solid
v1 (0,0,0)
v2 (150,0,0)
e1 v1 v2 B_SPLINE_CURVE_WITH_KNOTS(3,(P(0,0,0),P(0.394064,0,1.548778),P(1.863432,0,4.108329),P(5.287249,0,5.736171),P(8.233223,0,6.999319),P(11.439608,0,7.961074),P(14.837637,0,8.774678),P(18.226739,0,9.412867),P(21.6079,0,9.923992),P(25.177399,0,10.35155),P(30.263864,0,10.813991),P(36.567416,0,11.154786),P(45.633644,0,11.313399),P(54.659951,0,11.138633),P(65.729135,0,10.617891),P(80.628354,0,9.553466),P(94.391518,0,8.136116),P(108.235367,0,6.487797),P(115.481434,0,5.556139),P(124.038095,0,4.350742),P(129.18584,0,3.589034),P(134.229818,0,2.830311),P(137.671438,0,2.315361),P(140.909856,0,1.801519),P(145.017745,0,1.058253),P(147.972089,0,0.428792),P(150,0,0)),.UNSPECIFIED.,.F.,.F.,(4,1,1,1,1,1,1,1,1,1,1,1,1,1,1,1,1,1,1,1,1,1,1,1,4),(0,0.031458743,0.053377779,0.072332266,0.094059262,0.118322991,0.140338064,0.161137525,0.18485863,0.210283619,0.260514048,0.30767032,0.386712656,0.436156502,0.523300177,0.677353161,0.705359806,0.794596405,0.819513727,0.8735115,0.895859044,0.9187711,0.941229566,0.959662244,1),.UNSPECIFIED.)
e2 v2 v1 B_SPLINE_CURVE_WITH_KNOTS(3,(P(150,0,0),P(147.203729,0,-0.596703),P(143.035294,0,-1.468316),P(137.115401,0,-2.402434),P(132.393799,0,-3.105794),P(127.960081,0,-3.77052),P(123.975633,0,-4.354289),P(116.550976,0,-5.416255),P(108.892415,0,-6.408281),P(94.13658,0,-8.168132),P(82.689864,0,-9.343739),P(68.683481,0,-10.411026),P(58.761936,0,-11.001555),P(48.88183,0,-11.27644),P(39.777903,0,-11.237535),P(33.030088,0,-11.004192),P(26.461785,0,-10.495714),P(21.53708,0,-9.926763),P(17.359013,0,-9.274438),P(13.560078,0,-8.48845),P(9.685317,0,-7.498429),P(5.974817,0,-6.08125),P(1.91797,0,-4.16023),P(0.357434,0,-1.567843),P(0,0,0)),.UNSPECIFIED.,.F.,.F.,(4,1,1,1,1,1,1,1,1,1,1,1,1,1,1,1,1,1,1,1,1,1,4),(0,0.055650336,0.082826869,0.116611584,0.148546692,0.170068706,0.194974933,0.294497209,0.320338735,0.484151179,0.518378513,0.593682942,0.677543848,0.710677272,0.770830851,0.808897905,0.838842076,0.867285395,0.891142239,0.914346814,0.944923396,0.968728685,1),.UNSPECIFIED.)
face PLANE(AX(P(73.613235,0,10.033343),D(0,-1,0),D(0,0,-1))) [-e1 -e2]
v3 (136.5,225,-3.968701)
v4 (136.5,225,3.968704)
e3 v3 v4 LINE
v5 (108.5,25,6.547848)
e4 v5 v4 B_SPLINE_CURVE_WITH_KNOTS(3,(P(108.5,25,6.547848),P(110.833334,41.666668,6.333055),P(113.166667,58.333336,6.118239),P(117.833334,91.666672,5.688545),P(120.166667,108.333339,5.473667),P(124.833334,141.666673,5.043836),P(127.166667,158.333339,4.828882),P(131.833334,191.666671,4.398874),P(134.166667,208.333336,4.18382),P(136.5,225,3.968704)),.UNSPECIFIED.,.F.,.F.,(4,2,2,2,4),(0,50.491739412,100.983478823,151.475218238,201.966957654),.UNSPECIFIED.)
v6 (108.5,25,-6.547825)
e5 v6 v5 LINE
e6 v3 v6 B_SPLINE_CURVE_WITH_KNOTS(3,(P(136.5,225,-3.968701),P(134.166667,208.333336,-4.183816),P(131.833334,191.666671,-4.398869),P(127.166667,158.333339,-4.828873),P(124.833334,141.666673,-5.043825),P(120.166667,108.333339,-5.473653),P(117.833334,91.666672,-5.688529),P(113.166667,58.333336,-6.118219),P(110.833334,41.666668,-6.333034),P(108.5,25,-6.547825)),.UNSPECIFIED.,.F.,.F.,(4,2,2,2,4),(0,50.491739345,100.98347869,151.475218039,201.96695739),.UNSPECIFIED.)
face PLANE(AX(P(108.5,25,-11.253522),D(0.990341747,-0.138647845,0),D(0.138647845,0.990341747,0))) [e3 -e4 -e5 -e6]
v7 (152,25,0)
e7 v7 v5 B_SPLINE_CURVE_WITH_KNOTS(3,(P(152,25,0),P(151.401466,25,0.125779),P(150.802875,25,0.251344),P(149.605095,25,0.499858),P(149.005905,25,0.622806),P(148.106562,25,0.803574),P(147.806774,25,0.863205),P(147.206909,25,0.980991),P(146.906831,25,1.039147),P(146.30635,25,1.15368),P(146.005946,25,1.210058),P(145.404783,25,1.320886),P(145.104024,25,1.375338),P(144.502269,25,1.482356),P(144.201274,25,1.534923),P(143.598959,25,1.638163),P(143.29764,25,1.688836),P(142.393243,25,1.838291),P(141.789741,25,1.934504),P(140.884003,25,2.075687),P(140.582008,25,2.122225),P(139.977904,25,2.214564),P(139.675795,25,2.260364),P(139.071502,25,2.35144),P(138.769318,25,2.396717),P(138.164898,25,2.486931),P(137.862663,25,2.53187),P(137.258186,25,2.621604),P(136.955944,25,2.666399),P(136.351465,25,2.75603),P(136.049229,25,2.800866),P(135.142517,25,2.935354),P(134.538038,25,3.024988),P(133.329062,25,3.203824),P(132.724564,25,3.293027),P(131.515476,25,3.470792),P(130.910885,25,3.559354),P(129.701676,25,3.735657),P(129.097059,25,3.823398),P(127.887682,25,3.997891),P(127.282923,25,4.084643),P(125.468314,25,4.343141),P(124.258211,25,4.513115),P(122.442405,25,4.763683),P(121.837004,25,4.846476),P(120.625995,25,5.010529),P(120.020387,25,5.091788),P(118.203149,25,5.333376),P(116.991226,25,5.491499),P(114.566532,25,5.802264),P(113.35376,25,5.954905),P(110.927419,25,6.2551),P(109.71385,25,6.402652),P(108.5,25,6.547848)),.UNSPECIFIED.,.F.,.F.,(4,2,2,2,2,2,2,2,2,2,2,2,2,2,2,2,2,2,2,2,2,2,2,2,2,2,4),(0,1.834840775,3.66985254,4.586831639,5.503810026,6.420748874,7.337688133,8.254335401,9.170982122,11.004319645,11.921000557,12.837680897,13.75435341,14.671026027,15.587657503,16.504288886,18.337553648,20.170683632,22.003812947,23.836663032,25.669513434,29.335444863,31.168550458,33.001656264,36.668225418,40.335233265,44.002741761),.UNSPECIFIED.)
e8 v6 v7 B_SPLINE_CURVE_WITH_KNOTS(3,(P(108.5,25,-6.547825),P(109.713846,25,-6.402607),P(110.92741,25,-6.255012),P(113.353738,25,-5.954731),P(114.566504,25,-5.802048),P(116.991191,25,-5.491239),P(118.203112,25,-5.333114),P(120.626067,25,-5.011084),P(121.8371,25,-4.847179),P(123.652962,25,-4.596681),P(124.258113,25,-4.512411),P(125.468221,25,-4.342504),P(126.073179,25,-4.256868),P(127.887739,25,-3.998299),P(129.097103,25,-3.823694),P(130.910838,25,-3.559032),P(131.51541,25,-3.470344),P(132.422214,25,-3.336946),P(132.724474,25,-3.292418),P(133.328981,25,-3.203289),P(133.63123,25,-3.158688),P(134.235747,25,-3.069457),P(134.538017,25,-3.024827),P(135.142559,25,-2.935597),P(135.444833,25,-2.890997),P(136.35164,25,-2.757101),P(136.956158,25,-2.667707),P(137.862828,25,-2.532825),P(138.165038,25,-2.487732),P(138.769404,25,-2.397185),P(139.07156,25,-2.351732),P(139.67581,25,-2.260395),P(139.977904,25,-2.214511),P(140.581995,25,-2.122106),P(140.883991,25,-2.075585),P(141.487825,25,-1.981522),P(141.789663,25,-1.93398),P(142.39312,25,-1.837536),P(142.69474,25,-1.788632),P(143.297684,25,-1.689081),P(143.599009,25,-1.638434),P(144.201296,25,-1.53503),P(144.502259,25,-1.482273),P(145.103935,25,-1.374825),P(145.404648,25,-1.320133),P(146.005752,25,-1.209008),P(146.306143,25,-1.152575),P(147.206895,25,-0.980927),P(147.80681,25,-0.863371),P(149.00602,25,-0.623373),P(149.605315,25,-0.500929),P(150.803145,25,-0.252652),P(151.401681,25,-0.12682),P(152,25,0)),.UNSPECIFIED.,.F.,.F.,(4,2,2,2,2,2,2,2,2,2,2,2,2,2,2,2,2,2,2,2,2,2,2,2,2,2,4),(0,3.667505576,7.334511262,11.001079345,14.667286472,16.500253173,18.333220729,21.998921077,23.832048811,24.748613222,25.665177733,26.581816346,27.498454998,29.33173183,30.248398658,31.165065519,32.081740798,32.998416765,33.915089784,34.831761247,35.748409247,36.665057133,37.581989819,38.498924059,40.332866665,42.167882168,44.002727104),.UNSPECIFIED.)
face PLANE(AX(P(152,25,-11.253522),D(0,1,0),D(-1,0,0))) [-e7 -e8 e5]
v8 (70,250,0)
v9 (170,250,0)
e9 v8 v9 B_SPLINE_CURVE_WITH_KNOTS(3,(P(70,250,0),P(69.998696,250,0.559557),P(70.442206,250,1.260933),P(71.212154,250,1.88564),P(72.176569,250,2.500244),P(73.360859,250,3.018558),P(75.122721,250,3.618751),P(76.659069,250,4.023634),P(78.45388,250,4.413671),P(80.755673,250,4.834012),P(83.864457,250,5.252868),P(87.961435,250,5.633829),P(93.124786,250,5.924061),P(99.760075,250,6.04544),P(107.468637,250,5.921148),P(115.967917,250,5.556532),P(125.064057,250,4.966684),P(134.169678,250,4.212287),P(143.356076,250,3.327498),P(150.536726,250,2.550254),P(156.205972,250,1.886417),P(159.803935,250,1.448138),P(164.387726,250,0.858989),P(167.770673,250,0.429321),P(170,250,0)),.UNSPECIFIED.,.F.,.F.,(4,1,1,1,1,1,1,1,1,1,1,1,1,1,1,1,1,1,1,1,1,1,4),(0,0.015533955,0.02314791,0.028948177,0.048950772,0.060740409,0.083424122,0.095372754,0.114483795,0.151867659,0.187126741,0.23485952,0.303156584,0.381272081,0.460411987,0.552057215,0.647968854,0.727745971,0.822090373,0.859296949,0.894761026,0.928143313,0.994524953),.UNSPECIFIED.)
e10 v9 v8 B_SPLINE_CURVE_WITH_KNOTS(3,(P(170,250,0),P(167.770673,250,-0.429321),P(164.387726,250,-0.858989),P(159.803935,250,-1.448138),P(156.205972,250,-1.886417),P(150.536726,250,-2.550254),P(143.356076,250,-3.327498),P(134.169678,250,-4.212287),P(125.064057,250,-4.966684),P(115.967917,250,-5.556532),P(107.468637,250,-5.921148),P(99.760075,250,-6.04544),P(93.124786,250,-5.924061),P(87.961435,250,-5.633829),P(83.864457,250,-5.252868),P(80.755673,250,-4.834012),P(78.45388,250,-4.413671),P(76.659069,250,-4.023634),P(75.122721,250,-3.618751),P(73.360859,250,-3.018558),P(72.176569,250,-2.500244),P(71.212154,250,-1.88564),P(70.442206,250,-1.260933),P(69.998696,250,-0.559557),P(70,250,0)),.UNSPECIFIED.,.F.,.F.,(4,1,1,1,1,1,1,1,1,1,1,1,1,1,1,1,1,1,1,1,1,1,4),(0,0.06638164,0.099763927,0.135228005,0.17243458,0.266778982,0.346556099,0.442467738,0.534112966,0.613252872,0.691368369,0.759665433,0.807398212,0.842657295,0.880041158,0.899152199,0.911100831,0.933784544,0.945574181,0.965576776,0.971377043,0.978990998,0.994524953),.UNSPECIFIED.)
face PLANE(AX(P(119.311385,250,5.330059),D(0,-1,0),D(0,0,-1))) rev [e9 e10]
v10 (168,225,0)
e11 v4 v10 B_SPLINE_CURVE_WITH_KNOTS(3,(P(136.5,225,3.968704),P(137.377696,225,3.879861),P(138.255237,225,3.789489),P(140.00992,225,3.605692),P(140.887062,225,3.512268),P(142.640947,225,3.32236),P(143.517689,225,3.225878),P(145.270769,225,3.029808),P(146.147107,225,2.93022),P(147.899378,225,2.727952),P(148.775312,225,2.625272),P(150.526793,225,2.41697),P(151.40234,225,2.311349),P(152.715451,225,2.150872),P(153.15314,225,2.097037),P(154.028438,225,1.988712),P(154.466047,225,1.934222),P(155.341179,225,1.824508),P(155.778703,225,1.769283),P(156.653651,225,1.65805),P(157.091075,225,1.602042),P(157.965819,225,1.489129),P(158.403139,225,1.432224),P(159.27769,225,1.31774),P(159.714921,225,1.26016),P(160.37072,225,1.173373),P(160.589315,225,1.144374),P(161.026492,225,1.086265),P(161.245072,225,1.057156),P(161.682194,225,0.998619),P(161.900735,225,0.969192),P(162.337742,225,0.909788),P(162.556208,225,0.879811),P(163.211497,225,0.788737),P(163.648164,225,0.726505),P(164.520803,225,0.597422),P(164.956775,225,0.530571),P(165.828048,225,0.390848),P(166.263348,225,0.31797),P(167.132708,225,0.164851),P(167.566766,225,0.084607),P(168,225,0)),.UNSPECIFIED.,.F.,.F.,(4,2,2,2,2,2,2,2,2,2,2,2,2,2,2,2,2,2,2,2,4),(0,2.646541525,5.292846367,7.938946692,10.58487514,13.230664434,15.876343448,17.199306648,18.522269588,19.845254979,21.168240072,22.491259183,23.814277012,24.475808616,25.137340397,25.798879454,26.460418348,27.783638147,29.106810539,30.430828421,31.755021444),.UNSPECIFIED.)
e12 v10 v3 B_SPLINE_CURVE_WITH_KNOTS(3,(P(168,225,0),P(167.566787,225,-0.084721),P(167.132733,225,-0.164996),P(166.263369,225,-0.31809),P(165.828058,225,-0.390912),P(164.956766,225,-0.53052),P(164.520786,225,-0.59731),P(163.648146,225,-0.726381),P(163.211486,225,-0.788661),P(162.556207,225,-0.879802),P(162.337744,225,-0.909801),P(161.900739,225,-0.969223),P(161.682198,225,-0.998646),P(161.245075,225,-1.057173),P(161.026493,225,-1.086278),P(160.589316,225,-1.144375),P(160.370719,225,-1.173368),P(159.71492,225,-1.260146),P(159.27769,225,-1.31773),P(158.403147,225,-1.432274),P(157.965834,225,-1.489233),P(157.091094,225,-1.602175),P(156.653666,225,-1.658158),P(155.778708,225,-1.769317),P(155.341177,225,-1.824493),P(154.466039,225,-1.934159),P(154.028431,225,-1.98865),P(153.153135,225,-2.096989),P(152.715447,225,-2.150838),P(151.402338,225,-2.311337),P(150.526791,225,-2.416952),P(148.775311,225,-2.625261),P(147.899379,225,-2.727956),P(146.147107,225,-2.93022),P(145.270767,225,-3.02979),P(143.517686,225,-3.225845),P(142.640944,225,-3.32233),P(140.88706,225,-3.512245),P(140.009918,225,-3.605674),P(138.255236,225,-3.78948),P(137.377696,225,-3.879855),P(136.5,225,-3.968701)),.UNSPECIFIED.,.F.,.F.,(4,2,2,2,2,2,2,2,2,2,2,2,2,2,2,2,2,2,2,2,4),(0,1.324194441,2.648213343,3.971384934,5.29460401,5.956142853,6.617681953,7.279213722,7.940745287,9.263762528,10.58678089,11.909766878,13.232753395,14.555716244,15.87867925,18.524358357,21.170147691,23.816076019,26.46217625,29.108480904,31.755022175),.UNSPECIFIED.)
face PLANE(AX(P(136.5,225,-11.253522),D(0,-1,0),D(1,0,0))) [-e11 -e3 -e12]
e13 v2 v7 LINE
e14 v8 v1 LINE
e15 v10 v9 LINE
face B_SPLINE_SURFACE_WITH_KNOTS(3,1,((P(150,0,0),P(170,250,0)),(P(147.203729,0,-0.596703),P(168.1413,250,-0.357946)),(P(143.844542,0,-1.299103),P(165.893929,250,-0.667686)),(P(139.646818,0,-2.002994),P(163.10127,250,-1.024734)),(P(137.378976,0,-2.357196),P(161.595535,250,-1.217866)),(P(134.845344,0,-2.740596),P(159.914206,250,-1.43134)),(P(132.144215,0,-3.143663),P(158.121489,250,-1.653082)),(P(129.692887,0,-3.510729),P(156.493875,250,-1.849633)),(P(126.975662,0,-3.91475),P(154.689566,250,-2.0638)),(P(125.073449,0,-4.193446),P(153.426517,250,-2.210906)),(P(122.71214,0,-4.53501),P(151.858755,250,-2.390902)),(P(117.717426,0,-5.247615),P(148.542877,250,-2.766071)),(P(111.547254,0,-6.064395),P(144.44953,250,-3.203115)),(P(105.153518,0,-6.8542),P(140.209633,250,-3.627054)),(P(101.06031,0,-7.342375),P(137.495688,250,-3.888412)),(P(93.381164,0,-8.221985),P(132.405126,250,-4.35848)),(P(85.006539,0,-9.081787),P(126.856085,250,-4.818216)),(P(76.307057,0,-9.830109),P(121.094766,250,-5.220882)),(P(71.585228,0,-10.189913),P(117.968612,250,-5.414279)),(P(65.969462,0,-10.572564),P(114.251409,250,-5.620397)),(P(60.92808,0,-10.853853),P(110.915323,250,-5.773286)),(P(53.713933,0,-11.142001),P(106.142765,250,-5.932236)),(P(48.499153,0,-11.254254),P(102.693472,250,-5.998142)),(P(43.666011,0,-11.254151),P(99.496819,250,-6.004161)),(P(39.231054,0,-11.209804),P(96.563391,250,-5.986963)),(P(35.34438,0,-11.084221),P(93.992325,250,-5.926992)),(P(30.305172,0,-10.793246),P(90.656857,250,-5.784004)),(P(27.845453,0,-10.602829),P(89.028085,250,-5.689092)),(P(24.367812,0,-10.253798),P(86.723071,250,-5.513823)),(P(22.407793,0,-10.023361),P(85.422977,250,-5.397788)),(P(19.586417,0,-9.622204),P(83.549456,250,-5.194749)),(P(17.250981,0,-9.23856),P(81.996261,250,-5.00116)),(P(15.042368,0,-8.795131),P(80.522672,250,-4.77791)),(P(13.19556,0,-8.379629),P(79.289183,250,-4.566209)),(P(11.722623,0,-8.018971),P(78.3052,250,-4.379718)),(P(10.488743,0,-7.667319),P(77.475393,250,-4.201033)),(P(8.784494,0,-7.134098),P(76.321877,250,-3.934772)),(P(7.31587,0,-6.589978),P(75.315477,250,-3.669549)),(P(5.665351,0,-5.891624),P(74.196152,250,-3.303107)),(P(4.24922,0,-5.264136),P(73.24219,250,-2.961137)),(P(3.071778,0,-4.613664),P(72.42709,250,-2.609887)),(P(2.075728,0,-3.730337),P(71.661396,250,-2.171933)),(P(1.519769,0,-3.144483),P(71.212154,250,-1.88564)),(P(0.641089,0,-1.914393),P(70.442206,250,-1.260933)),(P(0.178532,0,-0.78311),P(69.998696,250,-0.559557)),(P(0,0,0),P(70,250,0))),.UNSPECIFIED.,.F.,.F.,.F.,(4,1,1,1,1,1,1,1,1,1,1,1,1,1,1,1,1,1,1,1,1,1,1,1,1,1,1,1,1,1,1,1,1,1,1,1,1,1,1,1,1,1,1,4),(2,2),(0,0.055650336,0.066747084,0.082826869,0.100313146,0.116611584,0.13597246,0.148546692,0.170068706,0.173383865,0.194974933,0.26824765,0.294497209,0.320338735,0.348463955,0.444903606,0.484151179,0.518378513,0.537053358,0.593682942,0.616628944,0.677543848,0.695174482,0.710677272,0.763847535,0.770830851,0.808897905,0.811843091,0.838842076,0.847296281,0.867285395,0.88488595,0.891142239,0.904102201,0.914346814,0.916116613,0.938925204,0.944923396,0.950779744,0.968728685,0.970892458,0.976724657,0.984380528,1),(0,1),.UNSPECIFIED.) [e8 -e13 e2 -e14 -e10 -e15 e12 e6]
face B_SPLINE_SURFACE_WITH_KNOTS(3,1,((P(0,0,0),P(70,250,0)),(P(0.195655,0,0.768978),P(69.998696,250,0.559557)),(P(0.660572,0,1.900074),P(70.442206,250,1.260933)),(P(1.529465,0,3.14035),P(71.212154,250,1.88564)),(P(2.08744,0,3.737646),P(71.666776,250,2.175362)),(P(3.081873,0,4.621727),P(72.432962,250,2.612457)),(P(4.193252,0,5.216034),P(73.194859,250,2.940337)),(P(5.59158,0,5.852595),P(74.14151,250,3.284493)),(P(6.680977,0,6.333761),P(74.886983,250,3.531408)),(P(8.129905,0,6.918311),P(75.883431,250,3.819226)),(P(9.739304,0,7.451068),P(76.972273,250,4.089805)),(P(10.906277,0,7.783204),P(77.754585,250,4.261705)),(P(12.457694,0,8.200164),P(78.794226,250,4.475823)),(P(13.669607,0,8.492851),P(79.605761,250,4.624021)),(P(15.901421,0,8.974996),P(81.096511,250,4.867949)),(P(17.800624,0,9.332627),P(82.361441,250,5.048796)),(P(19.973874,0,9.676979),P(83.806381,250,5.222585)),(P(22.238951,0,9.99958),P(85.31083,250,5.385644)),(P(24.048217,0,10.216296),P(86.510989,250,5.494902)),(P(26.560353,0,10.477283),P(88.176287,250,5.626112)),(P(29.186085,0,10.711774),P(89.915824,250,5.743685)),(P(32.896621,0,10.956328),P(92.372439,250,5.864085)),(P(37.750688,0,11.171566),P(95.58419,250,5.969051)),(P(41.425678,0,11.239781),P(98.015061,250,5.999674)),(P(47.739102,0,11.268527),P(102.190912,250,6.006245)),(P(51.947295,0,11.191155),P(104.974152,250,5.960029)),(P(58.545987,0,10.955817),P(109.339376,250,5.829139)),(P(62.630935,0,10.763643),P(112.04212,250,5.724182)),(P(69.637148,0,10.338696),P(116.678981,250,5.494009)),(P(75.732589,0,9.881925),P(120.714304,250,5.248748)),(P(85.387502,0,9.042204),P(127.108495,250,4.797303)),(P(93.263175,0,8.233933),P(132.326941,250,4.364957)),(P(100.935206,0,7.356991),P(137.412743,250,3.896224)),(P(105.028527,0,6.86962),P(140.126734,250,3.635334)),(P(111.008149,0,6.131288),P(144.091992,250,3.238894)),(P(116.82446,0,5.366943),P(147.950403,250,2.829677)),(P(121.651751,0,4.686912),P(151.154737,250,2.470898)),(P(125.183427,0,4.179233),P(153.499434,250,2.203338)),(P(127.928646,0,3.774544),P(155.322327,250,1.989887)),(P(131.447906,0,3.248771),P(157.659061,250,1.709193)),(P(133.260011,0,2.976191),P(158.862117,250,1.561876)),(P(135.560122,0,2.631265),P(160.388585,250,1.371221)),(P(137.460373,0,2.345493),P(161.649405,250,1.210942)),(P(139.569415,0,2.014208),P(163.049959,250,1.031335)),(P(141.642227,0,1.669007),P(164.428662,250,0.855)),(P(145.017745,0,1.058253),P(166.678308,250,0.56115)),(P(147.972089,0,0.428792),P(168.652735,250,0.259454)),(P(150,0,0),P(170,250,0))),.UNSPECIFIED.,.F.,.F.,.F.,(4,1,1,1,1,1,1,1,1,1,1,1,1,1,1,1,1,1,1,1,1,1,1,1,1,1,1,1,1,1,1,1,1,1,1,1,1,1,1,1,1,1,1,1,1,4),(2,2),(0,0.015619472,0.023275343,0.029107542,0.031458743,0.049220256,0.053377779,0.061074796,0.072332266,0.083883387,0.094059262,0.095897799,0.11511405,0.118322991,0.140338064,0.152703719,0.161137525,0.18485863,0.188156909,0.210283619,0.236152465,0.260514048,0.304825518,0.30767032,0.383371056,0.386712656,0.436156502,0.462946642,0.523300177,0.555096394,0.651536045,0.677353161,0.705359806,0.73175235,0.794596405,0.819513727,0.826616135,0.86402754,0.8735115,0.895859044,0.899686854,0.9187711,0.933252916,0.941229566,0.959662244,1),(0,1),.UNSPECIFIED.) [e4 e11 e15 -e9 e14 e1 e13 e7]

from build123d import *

# Parameters (mm, degrees)
CUT_EXTRUDE1_DEPTH      = 303.533691694
CUT_EXTRUDE1_DEPTH_BACK = 303.533691694


with BuildPart() as part:
    # Sketch2 → Loft1 section 0
    with BuildSketch(Plane(origin=(0, 0, 0), x_dir=(1, 0, 0), z_dir=(0, 1, 0))):
        with BuildLine():
            add(Edge.make_bspline(
                [(0, 0), (0.357433553, 1.567842951), (1.917970176, 4.160229764), (5.97481653, 6.081249697), (9.685317154, 7.498428782), (13.560078119, 8.488450032), (17.359013279, 9.274437737), (21.537080113, 9.926762724), (26.46178465, 10.495714484), (33.030088427, 11.004191676), (39.777903449, 11.237535202), (48.881830343, 11.276440135), (58.76193613, 11.001555412), (68.683481214, 10.411026067), (82.689863985, 9.343738865), (94.136580366, 8.168132094), (108.892414504, 6.408281033), (116.550975745, 5.416254952), (123.975633155, 4.354289335), (127.960081342, 3.77052037), (132.393799107, 3.105793902), (137.115401047, 2.40243394), (143.03529364, 1.468316053), (147.203728737, 0.596703087), (150, 0)],
                knots=[0, 0, 0, 0, 0.031271315, 0.055076604, 0.085653186, 0.108857761, 0.132714605, 0.161157924, 0.191102095, 0.229169149, 0.289322728, 0.322456152, 0.406317058, 0.481621487, 0.515848821, 0.679661265, 0.705502791, 0.805025067, 0.829931294, 0.851453308, 0.883388416, 0.917173131, 0.944349664, 1, 1, 1, 1], degree=3))
            add(Edge.make_bspline(
                [(0, 0), (0.394064241, -1.54877785), (1.863432045, -4.108329327), (5.28724909, -5.736171), (8.233222924, -6.999318685), (11.439608234, -7.961073986), (14.837636919, -8.774678376), (18.226738528, -9.412867336), (21.607899865, -9.923992079), (25.17739935, -10.35155024), (30.263863608, -10.813990829), (36.567415813, -11.154786303), (45.633644275, -11.313399436), (54.659951216, -11.138633145), (65.729134774, -10.617890693), (80.628353886, -9.553465623), (94.39151788, -8.136116187), (108.235367187, -6.487796867), (115.481434177, -5.556138542), (124.038094924, -4.350742236), (129.185840061, -3.589034499), (134.229817914, -2.830310801), (137.671437841, -2.315360587), (140.909856219, -1.801519139), (145.017744862, -1.058252808), (147.972088501, -0.42879218), (150, 0)],
                knots=[0, 0, 0, 0, 0.031458743, 0.053377779, 0.072332266, 0.094059262, 0.118322991, 0.140338064, 0.161137525, 0.18485863, 0.210283619, 0.260514048, 0.30767032, 0.386712656, 0.436156502, 0.523300177, 0.677353161, 0.705359806, 0.794596405, 0.819513727, 0.8735115, 0.895859044, 0.9187711, 0.941229566, 0.959662244, 1, 1, 1, 1], degree=3))
        make_face()
    # Sketch3 → Loft1 section 1
    with BuildSketch(Plane(origin=(0, 250, 0), x_dir=(1, 0, 0), z_dir=(0, 1, 0))):
        with BuildLine():
            add(Edge.make_bspline(
                [(70, 0), (69.998695985, 0.55955733), (70.442205932, 1.260933045), (71.2121543, 1.885639789), (72.176569209, 2.500244125), (73.360859293, 3.018557927), (75.122720532, 3.618750694), (76.659068738, 4.023634354), (78.453879641, 4.413670772), (80.755673074, 4.834011856), (83.864457382, 5.25286849), (87.961435036, 5.633828774), (93.124785839, 5.92406083), (99.760074537, 6.045439608), (107.468637421, 5.921147675), (115.967916909, 5.556531892), (125.064057366, 4.966684256), (134.169678192, 4.212287311), (143.356076333, 3.327498387), (150.536726311, 2.550254072), (156.205971927, 1.886416966), (159.803934974, 1.44813753), (164.387726212, 0.858989173), (167.770673402, 0.429320596), (170, 0)],
                knots=[0, 0, 0, 0, 0.015533955, 0.02314791, 0.028948177, 0.048950772, 0.060740409, 0.083424122, 0.095372754, 0.114483795, 0.151867659, 0.187126741, 0.23485952, 0.303156584, 0.381272081, 0.460411987, 0.552057215, 0.647968854, 0.727745971, 0.822090373, 0.859296949, 0.894761026, 0.928143313, 0.994524953, 0.994524953, 0.994524953, 0.994524953], degree=3))
            add(Edge.make_bspline(
                [(70, 0), (69.998695985, -0.55955733), (70.442205932, -1.260933045), (71.2121543, -1.885639789), (72.176569209, -2.500244125), (73.360859293, -3.018557927), (75.122720532, -3.618750694), (76.659068738, -4.023634354), (78.453879641, -4.413670772), (80.755673074, -4.834011856), (83.864457382, -5.25286849), (87.961435036, -5.633828774), (93.124785839, -5.92406083), (99.760074537, -6.045439608), (107.468637421, -5.921147675), (115.967916909, -5.556531892), (125.064057366, -4.966684256), (134.169678192, -4.212287311), (143.356076333, -3.327498387), (150.536726311, -2.550254072), (156.205971927, -1.886416966), (159.803934974, -1.44813753), (164.387726212, -0.858989173), (167.770673402, -0.429320596), (170, 0)],
                knots=[0, 0, 0, 0, 0.015533955, 0.02314791, 0.028948177, 0.048950772, 0.060740409, 0.083424122, 0.095372754, 0.114483795, 0.151867659, 0.187126741, 0.23485952, 0.303156584, 0.381272081, 0.460411987, 0.552057215, 0.647968854, 0.727745971, 0.822090373, 0.859296949, 0.894761026, 0.928143313, 0.994524953, 0.994524953, 0.994524953, 0.994524953], degree=3))
        make_face()
    loft()

    # Sketch4 → Cut-Extrude1 (cut, two sides: drawn at the far end of the back side and taken through both)
    with BuildSketch(Plane.XY.offset(-CUT_EXTRUDE1_DEPTH_BACK)):
        Polygon((152, 25), (108.5, 25), (136.5, 225), (168, 225), align=None)
    extrude(amount=CUT_EXTRUDE1_DEPTH + CUT_EXTRUDE1_DEPTH_BACK, mode=Mode.SUBTRACT)


solid = part.part
